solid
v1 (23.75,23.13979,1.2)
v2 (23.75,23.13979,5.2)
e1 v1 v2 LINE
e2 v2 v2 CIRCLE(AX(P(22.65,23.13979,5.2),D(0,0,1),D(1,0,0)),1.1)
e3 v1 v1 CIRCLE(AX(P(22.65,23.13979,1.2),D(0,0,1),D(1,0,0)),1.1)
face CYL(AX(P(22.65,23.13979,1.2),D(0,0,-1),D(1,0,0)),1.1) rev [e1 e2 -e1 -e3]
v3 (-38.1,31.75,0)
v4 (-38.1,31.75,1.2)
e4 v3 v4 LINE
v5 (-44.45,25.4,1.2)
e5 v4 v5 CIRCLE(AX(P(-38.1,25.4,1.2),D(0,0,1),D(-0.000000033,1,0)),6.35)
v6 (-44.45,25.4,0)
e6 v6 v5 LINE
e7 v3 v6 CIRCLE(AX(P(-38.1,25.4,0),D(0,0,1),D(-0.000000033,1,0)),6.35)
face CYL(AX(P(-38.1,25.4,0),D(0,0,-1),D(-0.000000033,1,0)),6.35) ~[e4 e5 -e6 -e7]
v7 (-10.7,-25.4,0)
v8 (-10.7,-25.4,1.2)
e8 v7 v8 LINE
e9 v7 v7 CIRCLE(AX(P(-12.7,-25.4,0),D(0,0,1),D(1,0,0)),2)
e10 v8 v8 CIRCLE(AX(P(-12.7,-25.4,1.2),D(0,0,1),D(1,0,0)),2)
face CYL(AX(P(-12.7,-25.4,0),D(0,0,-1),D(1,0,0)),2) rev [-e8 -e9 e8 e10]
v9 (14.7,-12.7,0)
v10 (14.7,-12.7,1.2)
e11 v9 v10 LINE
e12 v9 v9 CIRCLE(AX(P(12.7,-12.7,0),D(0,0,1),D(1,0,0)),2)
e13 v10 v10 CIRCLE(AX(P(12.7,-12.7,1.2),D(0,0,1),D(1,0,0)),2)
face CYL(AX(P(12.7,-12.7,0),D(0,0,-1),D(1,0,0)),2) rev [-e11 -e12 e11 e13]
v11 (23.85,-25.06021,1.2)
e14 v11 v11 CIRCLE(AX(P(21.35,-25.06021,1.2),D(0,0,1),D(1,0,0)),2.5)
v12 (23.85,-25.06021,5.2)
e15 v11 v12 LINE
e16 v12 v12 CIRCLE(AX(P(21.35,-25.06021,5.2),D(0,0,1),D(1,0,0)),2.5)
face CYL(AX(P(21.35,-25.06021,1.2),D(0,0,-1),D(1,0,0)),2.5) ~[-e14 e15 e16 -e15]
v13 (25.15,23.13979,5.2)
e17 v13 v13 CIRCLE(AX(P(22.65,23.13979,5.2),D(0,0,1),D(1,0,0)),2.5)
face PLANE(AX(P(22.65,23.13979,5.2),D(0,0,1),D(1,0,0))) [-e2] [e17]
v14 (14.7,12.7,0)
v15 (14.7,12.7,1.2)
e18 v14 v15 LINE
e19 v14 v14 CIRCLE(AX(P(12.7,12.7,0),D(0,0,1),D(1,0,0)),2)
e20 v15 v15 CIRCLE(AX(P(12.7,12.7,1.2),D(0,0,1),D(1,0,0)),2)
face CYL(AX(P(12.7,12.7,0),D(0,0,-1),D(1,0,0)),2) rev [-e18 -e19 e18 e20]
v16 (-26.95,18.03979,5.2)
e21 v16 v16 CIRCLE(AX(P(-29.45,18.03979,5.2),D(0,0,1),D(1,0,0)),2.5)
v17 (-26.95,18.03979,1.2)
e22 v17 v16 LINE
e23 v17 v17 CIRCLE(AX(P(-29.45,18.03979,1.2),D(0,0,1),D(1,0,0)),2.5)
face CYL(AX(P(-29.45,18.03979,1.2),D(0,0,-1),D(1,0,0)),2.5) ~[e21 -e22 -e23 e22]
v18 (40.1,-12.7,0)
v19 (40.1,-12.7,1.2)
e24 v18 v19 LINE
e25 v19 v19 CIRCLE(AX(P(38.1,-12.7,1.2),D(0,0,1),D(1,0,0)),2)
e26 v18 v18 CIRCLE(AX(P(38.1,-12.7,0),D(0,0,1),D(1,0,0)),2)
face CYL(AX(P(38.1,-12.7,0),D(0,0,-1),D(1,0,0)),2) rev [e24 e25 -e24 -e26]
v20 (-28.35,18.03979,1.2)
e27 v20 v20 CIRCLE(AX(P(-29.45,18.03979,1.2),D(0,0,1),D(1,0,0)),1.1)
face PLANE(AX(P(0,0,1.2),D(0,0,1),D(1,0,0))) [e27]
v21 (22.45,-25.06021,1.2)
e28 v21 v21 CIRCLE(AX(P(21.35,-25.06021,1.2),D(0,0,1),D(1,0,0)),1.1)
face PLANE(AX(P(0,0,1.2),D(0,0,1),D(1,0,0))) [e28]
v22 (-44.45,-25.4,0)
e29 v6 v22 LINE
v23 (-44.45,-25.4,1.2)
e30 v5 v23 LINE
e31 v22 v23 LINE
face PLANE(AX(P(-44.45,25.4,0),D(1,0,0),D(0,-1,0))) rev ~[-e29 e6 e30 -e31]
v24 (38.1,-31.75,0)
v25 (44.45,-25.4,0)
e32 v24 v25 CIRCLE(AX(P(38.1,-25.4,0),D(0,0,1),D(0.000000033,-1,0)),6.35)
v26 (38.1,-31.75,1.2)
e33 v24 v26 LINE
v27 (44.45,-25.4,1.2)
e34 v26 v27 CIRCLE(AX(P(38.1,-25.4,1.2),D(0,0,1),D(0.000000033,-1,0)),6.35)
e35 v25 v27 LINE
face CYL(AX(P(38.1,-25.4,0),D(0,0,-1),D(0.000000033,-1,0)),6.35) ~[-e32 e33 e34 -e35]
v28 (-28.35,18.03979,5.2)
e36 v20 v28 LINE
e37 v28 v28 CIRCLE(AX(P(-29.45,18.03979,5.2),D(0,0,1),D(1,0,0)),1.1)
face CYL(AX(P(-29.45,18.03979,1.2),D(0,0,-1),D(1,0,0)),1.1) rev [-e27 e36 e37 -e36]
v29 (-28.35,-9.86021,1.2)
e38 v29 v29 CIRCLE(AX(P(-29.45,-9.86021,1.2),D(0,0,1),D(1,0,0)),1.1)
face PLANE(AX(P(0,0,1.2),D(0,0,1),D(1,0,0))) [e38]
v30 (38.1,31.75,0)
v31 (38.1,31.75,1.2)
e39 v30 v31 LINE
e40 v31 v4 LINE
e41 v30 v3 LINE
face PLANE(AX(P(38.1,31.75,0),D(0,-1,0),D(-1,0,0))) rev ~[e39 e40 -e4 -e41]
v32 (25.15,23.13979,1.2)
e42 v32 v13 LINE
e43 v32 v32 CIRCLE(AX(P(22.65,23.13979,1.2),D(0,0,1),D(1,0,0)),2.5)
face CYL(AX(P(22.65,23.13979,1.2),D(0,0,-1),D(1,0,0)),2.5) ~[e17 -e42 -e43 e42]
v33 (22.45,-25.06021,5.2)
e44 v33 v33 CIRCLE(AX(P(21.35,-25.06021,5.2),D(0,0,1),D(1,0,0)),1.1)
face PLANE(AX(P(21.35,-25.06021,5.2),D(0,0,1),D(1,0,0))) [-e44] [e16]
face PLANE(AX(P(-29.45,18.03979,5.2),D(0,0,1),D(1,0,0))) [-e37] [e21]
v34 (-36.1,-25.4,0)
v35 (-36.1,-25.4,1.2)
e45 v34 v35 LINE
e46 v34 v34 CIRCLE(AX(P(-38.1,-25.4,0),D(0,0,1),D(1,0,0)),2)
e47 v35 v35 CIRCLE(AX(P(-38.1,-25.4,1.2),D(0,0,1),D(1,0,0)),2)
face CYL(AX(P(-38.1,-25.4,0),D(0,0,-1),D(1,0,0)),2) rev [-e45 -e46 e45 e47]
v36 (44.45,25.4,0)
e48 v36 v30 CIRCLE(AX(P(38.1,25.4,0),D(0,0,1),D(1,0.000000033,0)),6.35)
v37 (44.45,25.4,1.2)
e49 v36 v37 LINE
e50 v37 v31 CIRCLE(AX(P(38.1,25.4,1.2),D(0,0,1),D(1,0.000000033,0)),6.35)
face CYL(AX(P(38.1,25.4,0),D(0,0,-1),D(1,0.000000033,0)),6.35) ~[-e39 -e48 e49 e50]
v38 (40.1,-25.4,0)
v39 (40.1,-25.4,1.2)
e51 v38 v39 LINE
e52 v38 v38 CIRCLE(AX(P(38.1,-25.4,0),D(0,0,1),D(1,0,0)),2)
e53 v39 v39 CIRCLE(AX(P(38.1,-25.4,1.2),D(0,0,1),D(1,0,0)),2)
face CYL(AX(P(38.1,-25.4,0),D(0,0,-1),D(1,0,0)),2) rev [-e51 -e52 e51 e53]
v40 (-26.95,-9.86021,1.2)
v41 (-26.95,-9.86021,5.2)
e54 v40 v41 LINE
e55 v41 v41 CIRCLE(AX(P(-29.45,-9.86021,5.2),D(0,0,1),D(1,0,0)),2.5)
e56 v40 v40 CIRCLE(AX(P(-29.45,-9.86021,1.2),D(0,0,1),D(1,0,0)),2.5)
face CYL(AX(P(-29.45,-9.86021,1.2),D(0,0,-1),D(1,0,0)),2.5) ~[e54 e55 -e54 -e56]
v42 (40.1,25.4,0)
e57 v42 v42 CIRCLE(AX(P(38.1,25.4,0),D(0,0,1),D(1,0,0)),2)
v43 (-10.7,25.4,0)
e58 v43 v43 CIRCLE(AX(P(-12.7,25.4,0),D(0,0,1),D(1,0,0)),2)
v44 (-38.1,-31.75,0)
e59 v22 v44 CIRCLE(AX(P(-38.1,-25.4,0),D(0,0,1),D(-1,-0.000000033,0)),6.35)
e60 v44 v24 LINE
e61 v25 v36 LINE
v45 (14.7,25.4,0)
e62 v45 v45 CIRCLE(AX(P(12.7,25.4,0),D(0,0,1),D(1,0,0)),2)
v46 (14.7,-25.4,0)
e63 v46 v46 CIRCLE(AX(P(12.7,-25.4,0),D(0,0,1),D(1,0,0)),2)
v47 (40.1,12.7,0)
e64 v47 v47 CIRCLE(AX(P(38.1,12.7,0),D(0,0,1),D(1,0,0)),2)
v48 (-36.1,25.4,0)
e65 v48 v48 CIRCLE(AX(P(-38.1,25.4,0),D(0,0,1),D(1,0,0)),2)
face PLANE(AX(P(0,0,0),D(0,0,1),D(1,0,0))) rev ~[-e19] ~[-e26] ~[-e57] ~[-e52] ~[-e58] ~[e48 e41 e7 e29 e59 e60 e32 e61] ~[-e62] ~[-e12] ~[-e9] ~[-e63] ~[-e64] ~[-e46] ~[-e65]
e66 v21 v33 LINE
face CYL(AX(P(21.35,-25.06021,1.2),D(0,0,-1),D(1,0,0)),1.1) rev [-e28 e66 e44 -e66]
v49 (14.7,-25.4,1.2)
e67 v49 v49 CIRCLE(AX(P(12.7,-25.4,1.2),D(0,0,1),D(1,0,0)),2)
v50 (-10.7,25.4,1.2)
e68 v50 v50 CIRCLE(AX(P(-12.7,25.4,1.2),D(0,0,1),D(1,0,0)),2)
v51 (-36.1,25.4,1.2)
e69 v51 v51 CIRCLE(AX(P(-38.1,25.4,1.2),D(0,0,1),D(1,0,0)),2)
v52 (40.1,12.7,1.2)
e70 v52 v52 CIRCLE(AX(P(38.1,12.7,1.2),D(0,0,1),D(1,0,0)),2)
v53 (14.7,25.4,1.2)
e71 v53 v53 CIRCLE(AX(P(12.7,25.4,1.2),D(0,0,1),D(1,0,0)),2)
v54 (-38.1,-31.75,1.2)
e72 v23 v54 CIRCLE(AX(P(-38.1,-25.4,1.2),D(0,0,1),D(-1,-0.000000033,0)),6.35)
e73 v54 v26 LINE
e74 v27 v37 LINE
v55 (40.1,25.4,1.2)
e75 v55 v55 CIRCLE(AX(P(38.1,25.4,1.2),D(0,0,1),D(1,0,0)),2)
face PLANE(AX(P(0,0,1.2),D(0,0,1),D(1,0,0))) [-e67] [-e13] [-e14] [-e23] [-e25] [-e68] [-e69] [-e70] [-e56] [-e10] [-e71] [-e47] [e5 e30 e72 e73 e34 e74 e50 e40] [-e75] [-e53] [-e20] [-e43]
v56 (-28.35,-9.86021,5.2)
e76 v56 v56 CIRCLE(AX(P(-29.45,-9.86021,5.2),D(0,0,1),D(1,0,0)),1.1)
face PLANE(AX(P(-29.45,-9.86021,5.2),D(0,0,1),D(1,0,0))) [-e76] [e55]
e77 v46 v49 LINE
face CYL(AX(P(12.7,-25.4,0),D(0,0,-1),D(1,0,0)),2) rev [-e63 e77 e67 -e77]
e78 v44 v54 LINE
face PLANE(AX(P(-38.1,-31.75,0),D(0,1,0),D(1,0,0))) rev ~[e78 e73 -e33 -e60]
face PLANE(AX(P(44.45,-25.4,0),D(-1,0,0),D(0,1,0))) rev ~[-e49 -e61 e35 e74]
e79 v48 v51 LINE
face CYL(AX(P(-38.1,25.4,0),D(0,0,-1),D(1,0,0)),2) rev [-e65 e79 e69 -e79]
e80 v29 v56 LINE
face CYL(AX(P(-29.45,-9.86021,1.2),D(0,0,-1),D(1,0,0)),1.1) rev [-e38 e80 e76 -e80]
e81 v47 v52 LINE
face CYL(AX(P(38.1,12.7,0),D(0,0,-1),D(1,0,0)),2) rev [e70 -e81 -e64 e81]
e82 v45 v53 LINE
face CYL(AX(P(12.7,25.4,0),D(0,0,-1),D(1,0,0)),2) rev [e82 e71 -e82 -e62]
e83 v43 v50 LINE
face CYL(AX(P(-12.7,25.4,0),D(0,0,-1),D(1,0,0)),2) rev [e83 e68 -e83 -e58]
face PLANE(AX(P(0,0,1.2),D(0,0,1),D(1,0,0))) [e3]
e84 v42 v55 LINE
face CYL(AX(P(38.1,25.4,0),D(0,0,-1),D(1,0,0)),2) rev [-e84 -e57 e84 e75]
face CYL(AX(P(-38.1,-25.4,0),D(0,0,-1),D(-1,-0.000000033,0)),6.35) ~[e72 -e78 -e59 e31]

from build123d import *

# Parameters (mm, degrees)
F0_R     = 2
F1_DEPTH = 1.2
F2_R     = 2.5
F2_R_2   = 1.1
F3_DEPTH = 4


with BuildPart() as f1:
    # F0 (on Top) → F1 (new body)
    with BuildSketch(Plane.XY):
        with BuildLine():
            Line((-38.1, -31.75), (38.1, -31.75))
            ThreePointArc((38.1, -31.75), (42.590128, -29.890128), (44.45, -25.4))
            Line((44.45, -25.4), (44.45, 25.4))
            ThreePointArc((44.45, 25.4), (42.590128, 29.890128), (38.1, 31.75))
            Line((38.1, 31.75), (-38.1, 31.75))
            ThreePointArc((-38.1, 31.75), (-42.590128, 29.890128), (-44.45, 25.4))
            Line((-44.45, 25.4), (-44.45, -25.4))
            ThreePointArc((-44.45, -25.4), (-42.590128, -29.890128), (-38.1, -31.75))
        make_face()
        with Locations((-38.1, -25.4)):
            Circle(F0_R, mode=Mode.SUBTRACT)
        with Locations((-12.7, -25.4)):
            Circle(F0_R, mode=Mode.SUBTRACT)
        with Locations((12.7, -25.4)):
            Circle(F0_R, mode=Mode.SUBTRACT)
        with Locations((38.1, -25.4)):
            Circle(F0_R, mode=Mode.SUBTRACT)
        with Locations((12.7, -12.7)):
            Circle(F0_R, mode=Mode.SUBTRACT)
        with Locations((38.1, -12.7)):
            Circle(F0_R, mode=Mode.SUBTRACT)
        with Locations((-38.1, 25.4)):
            Circle(F0_R, mode=Mode.SUBTRACT)
        with Locations((-12.7, 25.4)):
            Circle(F0_R, mode=Mode.SUBTRACT)
        with Locations((12.7, 12.7)):
            Circle(F0_R, mode=Mode.SUBTRACT)
        with Locations((38.1, 12.7)):
            Circle(F0_R, mode=Mode.SUBTRACT)
        with Locations((12.7, 25.4)):
            Circle(F0_R, mode=Mode.SUBTRACT)
        with Locations((38.1, 25.4)):
            Circle(F0_R, mode=Mode.SUBTRACT)
    extrude(amount=F1_DEPTH)

    # F2 (on face) → F3 (join)
    with BuildSketch(Plane.XY.offset(1.2)):
        with Locations((-29.45, 18.03979)):
            Circle(F2_R)
        with Locations((-29.45, 18.03979)):
            Circle(F2_R_2, mode=Mode.SUBTRACT)
        with Locations((-29.45, -9.86021)):
            Circle(F2_R)
        with Locations((-29.45, -9.86021)):
            Circle(F2_R_2, mode=Mode.SUBTRACT)
        with Locations((21.35, -25.06021)):
            Circle(F2_R)
        with Locations((21.35, -25.06021)):
            Circle(F2_R_2, mode=Mode.SUBTRACT)
        with Locations((22.65, 23.13979)):
            Circle(F2_R)
        with Locations((22.65, 23.13979)):
            Circle(F2_R_2, mode=Mode.SUBTRACT)
    extrude(amount=F3_DEPTH)


solid = f1.part
